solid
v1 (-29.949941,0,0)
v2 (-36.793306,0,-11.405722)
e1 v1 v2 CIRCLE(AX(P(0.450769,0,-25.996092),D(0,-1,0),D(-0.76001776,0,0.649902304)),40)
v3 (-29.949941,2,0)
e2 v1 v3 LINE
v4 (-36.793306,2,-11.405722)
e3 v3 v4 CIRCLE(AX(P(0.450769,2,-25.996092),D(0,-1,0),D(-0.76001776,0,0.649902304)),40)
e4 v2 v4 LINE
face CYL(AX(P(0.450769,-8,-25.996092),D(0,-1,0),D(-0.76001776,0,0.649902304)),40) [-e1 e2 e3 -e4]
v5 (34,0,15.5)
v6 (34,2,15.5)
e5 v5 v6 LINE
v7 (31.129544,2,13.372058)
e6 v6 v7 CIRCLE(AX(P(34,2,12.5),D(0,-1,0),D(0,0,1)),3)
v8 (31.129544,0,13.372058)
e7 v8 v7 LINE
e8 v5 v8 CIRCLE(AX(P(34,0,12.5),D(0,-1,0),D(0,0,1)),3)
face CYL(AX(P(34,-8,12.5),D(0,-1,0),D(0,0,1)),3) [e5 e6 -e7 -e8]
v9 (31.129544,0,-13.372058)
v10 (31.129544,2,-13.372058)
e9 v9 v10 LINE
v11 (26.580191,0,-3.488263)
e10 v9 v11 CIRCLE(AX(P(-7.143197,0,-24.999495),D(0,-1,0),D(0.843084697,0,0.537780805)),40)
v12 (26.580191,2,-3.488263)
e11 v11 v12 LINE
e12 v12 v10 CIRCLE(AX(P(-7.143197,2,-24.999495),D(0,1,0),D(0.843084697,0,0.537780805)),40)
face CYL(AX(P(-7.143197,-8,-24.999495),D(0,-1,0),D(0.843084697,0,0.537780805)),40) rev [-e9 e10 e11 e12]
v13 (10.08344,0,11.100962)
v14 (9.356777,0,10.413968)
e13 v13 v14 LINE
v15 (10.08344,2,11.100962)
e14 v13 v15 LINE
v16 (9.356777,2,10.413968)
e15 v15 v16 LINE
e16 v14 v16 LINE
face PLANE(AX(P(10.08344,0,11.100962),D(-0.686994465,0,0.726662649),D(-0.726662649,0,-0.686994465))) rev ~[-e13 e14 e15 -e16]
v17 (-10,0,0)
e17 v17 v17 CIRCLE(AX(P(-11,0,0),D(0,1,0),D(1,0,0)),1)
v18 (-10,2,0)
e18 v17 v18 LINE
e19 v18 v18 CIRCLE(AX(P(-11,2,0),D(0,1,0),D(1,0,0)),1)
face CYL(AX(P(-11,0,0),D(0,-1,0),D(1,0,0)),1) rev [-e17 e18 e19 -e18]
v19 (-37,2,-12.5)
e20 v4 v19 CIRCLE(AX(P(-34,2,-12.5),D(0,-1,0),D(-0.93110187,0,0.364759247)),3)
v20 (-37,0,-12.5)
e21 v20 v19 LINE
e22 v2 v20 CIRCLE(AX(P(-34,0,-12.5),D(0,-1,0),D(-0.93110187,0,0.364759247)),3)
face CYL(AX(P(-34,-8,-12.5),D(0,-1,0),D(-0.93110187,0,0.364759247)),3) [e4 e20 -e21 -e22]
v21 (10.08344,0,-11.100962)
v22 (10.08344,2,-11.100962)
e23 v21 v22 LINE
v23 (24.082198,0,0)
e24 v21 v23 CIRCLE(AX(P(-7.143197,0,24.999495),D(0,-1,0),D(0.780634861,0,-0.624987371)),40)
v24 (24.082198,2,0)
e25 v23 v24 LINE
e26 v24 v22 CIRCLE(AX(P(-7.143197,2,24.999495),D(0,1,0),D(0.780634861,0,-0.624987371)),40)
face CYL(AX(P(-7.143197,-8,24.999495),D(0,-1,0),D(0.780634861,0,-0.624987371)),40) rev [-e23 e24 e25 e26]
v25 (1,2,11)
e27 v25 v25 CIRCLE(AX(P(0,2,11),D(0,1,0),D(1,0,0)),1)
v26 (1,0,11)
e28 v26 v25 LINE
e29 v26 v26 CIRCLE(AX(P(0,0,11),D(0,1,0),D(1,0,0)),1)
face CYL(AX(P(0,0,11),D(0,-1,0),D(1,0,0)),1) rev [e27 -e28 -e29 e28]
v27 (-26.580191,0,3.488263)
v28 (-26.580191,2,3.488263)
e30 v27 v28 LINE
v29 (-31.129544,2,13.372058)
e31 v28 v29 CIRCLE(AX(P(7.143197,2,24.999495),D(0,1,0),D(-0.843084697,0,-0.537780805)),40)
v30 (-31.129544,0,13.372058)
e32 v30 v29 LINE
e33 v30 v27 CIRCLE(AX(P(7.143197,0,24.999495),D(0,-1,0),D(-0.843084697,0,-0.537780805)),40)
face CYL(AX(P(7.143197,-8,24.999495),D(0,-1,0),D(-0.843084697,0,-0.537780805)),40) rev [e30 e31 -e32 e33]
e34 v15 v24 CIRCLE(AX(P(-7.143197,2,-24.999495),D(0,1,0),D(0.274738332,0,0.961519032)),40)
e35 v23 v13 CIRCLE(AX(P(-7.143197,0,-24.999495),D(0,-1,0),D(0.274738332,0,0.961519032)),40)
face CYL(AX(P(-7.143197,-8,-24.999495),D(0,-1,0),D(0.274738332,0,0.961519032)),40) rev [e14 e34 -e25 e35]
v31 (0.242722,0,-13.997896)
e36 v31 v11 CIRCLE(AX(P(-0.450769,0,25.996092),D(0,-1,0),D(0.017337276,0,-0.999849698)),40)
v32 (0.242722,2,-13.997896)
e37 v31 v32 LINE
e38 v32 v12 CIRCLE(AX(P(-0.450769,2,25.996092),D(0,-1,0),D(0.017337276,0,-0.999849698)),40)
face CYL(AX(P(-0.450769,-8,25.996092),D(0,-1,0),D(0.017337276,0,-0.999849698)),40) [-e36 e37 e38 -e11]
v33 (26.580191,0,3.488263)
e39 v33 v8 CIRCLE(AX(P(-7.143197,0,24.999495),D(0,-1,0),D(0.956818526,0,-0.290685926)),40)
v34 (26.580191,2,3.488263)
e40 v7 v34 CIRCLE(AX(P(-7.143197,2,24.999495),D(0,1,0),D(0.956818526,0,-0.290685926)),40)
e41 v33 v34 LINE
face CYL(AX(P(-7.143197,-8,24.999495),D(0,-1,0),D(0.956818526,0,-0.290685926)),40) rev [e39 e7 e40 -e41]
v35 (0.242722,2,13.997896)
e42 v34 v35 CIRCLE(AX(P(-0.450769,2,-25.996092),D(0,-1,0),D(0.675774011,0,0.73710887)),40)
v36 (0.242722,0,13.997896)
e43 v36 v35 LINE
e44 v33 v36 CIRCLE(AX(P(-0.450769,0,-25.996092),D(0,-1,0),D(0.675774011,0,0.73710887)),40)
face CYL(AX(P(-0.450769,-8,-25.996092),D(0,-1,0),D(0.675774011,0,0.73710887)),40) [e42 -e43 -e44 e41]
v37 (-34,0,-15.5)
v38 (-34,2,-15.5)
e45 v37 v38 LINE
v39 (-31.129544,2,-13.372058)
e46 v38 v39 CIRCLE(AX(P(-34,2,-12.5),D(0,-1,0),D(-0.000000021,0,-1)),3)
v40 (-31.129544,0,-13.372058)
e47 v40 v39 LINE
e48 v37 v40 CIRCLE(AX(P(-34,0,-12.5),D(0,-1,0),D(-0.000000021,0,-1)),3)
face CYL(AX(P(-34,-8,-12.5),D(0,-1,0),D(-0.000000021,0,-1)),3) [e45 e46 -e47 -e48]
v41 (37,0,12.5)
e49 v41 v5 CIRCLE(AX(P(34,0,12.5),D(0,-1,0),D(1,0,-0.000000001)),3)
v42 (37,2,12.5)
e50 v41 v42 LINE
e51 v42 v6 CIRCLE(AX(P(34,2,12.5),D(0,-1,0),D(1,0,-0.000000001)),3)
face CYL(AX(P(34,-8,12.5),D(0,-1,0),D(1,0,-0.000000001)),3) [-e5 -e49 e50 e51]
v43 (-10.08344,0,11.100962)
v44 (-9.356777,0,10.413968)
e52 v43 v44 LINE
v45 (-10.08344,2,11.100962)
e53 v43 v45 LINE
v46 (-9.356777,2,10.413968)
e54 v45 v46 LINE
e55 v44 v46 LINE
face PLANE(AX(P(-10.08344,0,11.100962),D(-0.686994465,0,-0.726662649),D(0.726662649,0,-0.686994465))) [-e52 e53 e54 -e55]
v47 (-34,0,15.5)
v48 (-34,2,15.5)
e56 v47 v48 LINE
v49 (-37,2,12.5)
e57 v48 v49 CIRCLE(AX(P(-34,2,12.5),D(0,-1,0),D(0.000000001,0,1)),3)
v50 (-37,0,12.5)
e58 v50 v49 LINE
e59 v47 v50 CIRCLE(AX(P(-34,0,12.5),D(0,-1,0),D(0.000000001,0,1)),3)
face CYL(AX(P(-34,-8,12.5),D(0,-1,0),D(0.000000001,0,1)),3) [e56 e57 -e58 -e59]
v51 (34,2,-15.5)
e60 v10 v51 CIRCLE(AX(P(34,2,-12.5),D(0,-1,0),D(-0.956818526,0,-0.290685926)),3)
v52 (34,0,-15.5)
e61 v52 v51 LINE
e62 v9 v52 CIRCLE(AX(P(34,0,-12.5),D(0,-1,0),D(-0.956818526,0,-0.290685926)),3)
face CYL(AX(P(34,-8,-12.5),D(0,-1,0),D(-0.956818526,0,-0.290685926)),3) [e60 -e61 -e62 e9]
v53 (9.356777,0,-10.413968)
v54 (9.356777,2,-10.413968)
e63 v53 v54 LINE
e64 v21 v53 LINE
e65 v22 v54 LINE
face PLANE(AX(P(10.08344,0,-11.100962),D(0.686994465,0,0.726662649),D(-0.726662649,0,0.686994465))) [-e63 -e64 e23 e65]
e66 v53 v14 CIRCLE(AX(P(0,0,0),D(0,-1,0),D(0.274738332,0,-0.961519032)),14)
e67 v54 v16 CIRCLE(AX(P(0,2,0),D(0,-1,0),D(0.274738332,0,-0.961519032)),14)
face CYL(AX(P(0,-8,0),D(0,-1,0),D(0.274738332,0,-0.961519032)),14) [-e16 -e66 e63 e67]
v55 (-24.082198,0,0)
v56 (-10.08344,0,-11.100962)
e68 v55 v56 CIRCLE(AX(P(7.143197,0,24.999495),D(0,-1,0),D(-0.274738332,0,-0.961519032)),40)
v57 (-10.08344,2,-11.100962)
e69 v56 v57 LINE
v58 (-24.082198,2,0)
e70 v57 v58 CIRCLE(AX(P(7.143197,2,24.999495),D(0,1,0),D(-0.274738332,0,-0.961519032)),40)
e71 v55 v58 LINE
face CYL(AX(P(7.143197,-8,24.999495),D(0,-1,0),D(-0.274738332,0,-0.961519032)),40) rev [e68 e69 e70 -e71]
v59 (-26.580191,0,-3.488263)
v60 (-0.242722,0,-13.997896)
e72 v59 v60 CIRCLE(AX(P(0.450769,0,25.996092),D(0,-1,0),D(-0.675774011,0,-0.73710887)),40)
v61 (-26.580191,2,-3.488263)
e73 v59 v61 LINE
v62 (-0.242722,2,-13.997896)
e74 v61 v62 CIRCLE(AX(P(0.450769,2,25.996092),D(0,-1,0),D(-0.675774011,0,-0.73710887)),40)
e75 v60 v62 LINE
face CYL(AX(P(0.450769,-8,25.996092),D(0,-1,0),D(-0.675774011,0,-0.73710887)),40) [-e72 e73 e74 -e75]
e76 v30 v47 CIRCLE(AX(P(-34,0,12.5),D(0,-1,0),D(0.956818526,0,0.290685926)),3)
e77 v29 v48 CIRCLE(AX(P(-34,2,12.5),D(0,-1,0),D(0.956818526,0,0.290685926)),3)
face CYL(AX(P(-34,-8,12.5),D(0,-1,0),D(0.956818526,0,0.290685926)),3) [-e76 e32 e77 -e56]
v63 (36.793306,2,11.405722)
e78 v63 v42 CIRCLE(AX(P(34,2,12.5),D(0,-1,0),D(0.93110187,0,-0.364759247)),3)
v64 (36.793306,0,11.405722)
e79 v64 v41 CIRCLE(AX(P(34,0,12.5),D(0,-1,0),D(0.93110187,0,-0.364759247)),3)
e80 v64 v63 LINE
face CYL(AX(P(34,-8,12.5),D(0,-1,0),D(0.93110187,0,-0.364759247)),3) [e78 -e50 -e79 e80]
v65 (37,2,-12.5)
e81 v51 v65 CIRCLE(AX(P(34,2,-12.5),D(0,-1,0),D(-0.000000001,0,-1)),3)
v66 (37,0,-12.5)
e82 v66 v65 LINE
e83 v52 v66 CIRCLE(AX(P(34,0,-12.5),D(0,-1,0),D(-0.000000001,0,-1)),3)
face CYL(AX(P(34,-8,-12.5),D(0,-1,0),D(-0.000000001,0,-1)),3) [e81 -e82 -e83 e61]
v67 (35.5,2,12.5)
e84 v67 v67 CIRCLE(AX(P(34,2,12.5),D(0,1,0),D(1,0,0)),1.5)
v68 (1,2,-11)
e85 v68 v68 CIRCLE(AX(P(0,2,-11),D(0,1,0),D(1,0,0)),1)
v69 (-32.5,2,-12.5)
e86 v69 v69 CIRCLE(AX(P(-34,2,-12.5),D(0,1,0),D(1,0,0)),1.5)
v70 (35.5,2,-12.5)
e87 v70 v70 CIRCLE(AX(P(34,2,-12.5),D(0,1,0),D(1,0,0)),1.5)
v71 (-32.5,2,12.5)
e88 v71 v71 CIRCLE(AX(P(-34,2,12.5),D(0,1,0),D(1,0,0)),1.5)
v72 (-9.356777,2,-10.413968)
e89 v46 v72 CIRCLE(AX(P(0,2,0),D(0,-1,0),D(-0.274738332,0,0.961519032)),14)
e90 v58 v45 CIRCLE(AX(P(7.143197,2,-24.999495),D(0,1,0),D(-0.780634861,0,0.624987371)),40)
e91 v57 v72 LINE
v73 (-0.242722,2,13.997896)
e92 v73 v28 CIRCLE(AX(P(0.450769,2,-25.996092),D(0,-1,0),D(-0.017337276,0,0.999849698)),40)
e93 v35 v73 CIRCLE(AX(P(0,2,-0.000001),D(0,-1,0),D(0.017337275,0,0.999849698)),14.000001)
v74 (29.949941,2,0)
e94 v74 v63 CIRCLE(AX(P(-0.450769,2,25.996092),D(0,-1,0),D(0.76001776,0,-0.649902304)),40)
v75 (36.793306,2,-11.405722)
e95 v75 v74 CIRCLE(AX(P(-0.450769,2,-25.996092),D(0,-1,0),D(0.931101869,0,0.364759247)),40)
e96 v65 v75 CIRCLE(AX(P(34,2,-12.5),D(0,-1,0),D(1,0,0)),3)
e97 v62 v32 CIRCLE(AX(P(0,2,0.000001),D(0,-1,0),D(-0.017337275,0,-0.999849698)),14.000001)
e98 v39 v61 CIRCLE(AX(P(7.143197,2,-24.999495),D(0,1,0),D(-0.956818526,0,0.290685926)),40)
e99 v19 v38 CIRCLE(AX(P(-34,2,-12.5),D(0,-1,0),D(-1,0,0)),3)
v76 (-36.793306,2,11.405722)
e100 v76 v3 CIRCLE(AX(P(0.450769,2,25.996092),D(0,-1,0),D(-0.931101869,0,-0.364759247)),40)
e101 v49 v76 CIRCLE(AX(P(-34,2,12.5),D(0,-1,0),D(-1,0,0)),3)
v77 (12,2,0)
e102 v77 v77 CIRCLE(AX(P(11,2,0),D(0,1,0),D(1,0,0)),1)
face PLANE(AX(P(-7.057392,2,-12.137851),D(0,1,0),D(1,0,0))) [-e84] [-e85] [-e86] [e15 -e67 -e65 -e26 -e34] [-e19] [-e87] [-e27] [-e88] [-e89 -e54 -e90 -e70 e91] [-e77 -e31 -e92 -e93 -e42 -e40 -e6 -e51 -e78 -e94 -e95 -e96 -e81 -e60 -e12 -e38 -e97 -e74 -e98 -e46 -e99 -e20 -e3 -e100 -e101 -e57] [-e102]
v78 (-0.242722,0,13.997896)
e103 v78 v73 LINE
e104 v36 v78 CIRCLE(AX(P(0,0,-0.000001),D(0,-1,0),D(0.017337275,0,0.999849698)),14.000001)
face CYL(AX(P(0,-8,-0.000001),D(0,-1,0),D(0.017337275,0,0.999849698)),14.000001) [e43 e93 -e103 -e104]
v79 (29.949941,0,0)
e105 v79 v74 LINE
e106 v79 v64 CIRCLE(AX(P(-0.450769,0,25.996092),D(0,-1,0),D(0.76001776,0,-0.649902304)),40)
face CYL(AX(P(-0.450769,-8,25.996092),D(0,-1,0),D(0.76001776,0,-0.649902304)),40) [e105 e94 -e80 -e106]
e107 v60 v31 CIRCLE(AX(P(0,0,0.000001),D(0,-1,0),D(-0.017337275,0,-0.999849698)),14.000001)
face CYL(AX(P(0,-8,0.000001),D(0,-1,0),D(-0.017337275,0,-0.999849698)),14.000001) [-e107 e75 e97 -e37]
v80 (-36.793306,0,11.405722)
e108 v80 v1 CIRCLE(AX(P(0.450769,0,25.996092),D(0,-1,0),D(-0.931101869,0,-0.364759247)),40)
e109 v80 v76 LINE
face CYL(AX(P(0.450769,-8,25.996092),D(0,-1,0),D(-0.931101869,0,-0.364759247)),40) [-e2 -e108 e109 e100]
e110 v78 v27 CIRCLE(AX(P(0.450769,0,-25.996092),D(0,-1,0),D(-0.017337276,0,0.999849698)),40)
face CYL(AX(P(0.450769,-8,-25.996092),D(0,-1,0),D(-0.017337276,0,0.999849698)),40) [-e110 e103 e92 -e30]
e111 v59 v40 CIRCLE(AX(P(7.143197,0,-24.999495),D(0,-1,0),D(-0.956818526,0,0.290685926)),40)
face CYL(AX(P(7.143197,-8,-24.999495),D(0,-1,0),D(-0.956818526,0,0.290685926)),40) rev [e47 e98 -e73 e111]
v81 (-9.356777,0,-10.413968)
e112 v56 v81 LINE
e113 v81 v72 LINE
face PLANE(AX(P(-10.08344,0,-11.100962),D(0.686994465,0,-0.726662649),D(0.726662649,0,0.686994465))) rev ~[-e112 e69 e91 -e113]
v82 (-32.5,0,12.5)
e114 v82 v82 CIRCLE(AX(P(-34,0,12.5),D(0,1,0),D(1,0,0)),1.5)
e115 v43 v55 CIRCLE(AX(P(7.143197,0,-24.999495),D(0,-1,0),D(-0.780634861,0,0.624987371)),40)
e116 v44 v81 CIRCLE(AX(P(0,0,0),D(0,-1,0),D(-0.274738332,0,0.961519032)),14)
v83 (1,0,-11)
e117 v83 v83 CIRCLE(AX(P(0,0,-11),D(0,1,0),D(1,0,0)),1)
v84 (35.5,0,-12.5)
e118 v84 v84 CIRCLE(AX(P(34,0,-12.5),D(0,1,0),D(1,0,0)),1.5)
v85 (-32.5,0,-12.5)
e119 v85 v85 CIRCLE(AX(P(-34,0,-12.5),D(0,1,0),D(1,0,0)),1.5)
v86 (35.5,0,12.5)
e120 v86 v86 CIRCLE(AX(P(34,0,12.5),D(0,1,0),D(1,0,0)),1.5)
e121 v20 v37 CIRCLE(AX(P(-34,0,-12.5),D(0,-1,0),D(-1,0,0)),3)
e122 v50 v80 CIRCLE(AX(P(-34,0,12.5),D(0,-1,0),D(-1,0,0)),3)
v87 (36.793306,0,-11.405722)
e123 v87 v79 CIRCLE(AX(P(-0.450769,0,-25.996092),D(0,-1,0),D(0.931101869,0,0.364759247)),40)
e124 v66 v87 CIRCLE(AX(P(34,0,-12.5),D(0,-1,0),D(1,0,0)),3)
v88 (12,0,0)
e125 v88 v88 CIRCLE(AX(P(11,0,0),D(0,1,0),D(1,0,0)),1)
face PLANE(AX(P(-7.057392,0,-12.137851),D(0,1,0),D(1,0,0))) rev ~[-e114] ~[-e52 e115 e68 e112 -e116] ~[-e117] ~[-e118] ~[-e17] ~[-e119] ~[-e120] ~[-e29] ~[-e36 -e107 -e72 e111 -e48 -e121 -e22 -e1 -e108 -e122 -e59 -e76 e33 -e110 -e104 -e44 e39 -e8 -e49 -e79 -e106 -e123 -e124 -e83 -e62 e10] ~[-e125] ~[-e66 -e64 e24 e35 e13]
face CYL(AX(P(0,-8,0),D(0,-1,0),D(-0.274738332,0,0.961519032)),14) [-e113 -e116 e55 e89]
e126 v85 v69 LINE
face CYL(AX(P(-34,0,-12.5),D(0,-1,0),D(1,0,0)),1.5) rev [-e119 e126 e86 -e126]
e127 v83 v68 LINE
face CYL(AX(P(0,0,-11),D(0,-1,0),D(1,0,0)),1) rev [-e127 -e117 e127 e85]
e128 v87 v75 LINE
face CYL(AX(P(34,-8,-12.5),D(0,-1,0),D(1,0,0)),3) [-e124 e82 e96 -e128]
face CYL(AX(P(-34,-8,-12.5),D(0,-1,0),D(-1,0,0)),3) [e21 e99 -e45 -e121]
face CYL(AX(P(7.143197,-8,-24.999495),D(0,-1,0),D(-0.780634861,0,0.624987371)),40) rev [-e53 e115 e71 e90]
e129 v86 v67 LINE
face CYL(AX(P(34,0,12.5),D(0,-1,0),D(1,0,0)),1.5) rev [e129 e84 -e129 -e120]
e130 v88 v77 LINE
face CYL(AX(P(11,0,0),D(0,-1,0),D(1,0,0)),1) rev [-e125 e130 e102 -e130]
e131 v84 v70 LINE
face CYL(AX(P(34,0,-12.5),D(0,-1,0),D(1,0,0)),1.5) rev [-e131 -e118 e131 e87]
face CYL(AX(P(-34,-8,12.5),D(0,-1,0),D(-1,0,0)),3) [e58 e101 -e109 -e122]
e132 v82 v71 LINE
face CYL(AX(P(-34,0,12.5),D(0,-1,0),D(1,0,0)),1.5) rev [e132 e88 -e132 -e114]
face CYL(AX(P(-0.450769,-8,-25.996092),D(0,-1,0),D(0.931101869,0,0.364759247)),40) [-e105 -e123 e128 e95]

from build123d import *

# Parameters (mm, degrees)
SKETCH_1_R          = 1.5
SKETCH_1_R_2        = 1
EXTRUDE_1_DEPTH     = 2
CUT_EXTRUDE_START   = -10
CUT_EXTRUDE_1_DEPTH = 10
EXTRUDE_START       = -2
EXTRUDE_2_DEPTH     = 2


with BuildPart() as part:
    # 草图1 → 凸台-拉伸1 (new body)
    with BuildSketch(Plane(origin=(0, 0, 0), x_dir=(1, 0, 0), z_dir=(0, 1, 0))):
        with BuildLine():
            Line((-35, 15.5), (35, 15.5))
            ThreePointArc((35, 15.5), (36.414213562, 14.914213562), (37, 13.5))
            Line((37, 13.5), (37, -13.5))
            ThreePointArc((37, -13.5), (36.414213562, -14.914213562), (35, -15.5))
            Line((35, -15.5), (-35, -15.5))
            ThreePointArc((-35, -15.5), (-36.414213562, -14.914213562), (-37, -13.5))
            Line((-37, -13.5), (-37, 13.5))
            ThreePointArc((-37, 13.5), (-36.414213562, 14.914213562), (-35, 15.5))
        make_face()
        with Locations((-34, 12.5)):
            Circle(SKETCH_1_R, mode=Mode.SUBTRACT)
        with Locations((-34, -12.5)):
            Circle(SKETCH_1_R, mode=Mode.SUBTRACT)
        with Locations((34, 12.5)):
            Circle(SKETCH_1_R, mode=Mode.SUBTRACT)
        with Locations((34, -12.5)):
            Circle(SKETCH_1_R, mode=Mode.SUBTRACT)
        with Locations((0, 11)):
            Circle(SKETCH_1_R_2, mode=Mode.SUBTRACT)
        with Locations((-11, 0)):
            Circle(SKETCH_1_R_2, mode=Mode.SUBTRACT)
        with Locations((0, -11)):
            Circle(SKETCH_1_R_2, mode=Mode.SUBTRACT)
        with Locations((11, 0)):
            Circle(SKETCH_1_R_2, mode=Mode.SUBTRACT)
    extrude(amount=EXTRUDE_1_DEPTH)

    # 草图2 → 切除-拉伸1 (cut)
    with BuildSketch(Plane(origin=(0, 2, 0), x_dir=(1, 0, 0), z_dir=(0, 1, 0)).offset(CUT_EXTRUDE_START)):
        with BuildLine():
            ThreePointArc((37, 13.5), (36.414213562, 14.914213562), (35, 15.5))
            Line((35, 15.5), (34, 15.5))
            ThreePointArc((34, 15.5), (36.121320344, 14.621320344), (37, 12.5))
            Line((37, 12.5), (37, 13.5))
        make_face()
        with BuildLine():
            ThreePointArc((31.129544421, 13.372057779), (32.21340734, 14.909997234), (34, 15.5))
            Line((34, 15.5), (-34.000000062, 15.5))
            ThreePointArc((-34.000000062, 15.5), (-32.213407365, 14.909997253), (-31.129544421, 13.372057779))
            ThreePointArc((-31.129544421, 13.372057779), (-29.192502027, 8.274752588), (-26.580191252, 3.488262657))
            ThreePointArc((-26.580191252, 3.488262657), (-14.374020851, 11.15529545), (-0.242721863, 13.997895774))
            ThreePointArc((-0.242721863, 13.997895774), (0, 14), (0.242721863, 13.997895774))
            ThreePointArc((0.242721863, 13.997895774), (14.374020851, 11.15529545), (26.580191252, 3.488262657))
            ThreePointArc((26.580191252, 3.488262657), (29.192502027, 8.274752588), (31.129544421, 13.372057779))
        make_face()
        with BuildLine():
            ThreePointArc((-37, 12.5), (-36.121320365, 14.621320322), (-34.000000062, 15.5))
            Line((-34.000000062, 15.5), (-35, 15.5))
            ThreePointArc((-35, 15.5), (-36.414213562, 14.914213562), (-37, 13.5))
            Line((-37, 13.5), (-37, 12.5))
        make_face()
        with BuildLine():
            Line((37, -12.5), (37, 12.5))
            ThreePointArc((37, 12.5), (36.947873541, 11.943186219), (36.793305609, 11.405722258))
            ThreePointArc((36.793305609, 11.405722258), (33.849039363, 5.416414449), (29.949941227, 0))
            ThreePointArc((29.949941227, 0), (33.849039363, -5.416414449), (36.793305609, -11.405722258))
            ThreePointArc((36.793305609, -11.405722258), (36.947873541, -11.943186219), (37, -12.5))
        make_face()
        with BuildLine():
            ThreePointArc((-36.793305609, 11.405722258), (-36.947873541, 11.943186219), (-37, 12.5))
            Line((-37, 12.5), (-37, -12.5))
            ThreePointArc((-37, -12.5), (-36.947873541, -11.943186219), (-36.793305609, -11.405722258))
            ThreePointArc((-36.793305609, -11.405722258), (-33.849039363, -5.416414449), (-29.949941227, 0))
            ThreePointArc((-29.949941227, 0), (-33.849039363, 5.416414449), (-36.793305609, 11.405722258))
        make_face()
        with BuildLine():
            Line((37, -13.5), (37, -12.5))
            ThreePointArc((37, -12.5), (36.121320344, -14.621320344), (34, -15.5))
            Line((34, -15.5), (35, -15.5))
            ThreePointArc((35, -15.5), (36.414213562, -14.914213562), (37, -13.5))
        make_face()
        with BuildLine():
            ThreePointArc((-34, -15.5), (-36.121320344, -14.621320344), (-37, -12.5))
            Line((-37, -12.5), (-37, -13.5))
            ThreePointArc((-37, -13.5), (-36.414213562, -14.914213562), (-35, -15.5))
            Line((-35, -15.5), (-34, -15.5))
        make_face()
        with BuildLine():
            Line((-34, -15.5), (34, -15.5))
            ThreePointArc((34, -15.5), (32.21340734, -14.909997234), (31.129544421, -13.372057779))
            ThreePointArc((31.129544421, -13.372057779), (29.192502027, -8.274752588), (26.580191252, -3.488262657))
            ThreePointArc((26.580191252, -3.488262657), (14.374020851, -11.15529545), (0.242721863, -13.997895774))
            ThreePointArc((0.242721863, -13.997895774), (0, -14), (-0.242721863, -13.997895774))
            ThreePointArc((-0.242721863, -13.997895774), (-14.374020851, -11.15529545), (-26.580191252, -3.488262657))
            ThreePointArc((-26.580191252, -3.488262657), (-29.192502027, -8.274752588), (-31.129544421, -13.372057779))
            ThreePointArc((-31.129544421, -13.372057779), (-32.21340734, -14.909997234), (-34, -15.5))
        make_face()
        with BuildLine():
            ThreePointArc((24.082197813, 0), (15.011406824, 8.30476234), (3.846336647, 13.461266449))
            ThreePointArc((3.846336647, 13.461266449), (14, 0), (3.846336647, -13.461266449))
            ThreePointArc((3.846336647, -13.461266449), (15.011406824, -8.30476234), (24.082197813, 0))
        make_face()
        with BuildLine():
            ThreePointArc((-3.846336647, -13.461266449), (-14, 0), (-3.846336647, 13.461266449))
            ThreePointArc((-3.846336647, 13.461266449), (-15.011406824, 8.30476234), (-24.082197813, 0))
            ThreePointArc((-24.082197813, 0), (-15.011406824, -8.30476234), (-3.846336647, -13.461266449))
        make_face()
    extrude(amount=CUT_EXTRUDE_1_DEPTH, mode=Mode.SUBTRACT)

    # 草图3 → 凸台-拉伸2 (add)
    with BuildSketch(Plane(origin=(0, 2, 0), x_dir=(1, 0, 0), z_dir=(0, 1, 0)).offset(EXTRUDE_START)):
        with BuildLine():
            Line((-10.083439521, 11.100962324), (-9.356776872, 10.413967859))
            ThreePointArc((-9.356776872, 10.413967859), (-6.775105817, 12.251446493), (-3.846336647, 13.461266449))
            ThreePointArc((-3.846336647, 13.461266449), (-7.014162346, 12.411321608), (-10.083439521, 11.100962324))
        make_face()
        with BuildLine():
            Line((10.083439521, 11.100962324), (9.356776872, 10.413967859))
            ThreePointArc((9.356776872, 10.413967859), (6.775105817, 12.251446493), (3.846336647, 13.461266449))
            ThreePointArc((3.846336647, 13.461266449), (7.014162346, 12.411321608), (10.083439521, 11.100962324))
        make_face()
        with BuildLine():
            Line((-10.083439521, -11.100962324), (-9.356776872, -10.413967859))
            ThreePointArc((-9.356776872, -10.413967859), (-6.775105817, -12.251446493), (-3.846336647, -13.461266449))
            ThreePointArc((-3.846336647, -13.461266449), (-7.014162346, -12.411321608), (-10.083439521, -11.100962324))
        make_face()
        with BuildLine():
            Line((10.083439521, -11.100962324), (9.356776872, -10.413967859))
            ThreePointArc((9.356776872, -10.413967859), (6.775105817, -12.251446493), (3.846336647, -13.461266449))
            ThreePointArc((3.846336647, -13.461266449), (7.014162346, -12.411321608), (10.083439521, -11.100962324))
        make_face()
    extrude(amount=EXTRUDE_2_DEPTH)


solid = part.part
